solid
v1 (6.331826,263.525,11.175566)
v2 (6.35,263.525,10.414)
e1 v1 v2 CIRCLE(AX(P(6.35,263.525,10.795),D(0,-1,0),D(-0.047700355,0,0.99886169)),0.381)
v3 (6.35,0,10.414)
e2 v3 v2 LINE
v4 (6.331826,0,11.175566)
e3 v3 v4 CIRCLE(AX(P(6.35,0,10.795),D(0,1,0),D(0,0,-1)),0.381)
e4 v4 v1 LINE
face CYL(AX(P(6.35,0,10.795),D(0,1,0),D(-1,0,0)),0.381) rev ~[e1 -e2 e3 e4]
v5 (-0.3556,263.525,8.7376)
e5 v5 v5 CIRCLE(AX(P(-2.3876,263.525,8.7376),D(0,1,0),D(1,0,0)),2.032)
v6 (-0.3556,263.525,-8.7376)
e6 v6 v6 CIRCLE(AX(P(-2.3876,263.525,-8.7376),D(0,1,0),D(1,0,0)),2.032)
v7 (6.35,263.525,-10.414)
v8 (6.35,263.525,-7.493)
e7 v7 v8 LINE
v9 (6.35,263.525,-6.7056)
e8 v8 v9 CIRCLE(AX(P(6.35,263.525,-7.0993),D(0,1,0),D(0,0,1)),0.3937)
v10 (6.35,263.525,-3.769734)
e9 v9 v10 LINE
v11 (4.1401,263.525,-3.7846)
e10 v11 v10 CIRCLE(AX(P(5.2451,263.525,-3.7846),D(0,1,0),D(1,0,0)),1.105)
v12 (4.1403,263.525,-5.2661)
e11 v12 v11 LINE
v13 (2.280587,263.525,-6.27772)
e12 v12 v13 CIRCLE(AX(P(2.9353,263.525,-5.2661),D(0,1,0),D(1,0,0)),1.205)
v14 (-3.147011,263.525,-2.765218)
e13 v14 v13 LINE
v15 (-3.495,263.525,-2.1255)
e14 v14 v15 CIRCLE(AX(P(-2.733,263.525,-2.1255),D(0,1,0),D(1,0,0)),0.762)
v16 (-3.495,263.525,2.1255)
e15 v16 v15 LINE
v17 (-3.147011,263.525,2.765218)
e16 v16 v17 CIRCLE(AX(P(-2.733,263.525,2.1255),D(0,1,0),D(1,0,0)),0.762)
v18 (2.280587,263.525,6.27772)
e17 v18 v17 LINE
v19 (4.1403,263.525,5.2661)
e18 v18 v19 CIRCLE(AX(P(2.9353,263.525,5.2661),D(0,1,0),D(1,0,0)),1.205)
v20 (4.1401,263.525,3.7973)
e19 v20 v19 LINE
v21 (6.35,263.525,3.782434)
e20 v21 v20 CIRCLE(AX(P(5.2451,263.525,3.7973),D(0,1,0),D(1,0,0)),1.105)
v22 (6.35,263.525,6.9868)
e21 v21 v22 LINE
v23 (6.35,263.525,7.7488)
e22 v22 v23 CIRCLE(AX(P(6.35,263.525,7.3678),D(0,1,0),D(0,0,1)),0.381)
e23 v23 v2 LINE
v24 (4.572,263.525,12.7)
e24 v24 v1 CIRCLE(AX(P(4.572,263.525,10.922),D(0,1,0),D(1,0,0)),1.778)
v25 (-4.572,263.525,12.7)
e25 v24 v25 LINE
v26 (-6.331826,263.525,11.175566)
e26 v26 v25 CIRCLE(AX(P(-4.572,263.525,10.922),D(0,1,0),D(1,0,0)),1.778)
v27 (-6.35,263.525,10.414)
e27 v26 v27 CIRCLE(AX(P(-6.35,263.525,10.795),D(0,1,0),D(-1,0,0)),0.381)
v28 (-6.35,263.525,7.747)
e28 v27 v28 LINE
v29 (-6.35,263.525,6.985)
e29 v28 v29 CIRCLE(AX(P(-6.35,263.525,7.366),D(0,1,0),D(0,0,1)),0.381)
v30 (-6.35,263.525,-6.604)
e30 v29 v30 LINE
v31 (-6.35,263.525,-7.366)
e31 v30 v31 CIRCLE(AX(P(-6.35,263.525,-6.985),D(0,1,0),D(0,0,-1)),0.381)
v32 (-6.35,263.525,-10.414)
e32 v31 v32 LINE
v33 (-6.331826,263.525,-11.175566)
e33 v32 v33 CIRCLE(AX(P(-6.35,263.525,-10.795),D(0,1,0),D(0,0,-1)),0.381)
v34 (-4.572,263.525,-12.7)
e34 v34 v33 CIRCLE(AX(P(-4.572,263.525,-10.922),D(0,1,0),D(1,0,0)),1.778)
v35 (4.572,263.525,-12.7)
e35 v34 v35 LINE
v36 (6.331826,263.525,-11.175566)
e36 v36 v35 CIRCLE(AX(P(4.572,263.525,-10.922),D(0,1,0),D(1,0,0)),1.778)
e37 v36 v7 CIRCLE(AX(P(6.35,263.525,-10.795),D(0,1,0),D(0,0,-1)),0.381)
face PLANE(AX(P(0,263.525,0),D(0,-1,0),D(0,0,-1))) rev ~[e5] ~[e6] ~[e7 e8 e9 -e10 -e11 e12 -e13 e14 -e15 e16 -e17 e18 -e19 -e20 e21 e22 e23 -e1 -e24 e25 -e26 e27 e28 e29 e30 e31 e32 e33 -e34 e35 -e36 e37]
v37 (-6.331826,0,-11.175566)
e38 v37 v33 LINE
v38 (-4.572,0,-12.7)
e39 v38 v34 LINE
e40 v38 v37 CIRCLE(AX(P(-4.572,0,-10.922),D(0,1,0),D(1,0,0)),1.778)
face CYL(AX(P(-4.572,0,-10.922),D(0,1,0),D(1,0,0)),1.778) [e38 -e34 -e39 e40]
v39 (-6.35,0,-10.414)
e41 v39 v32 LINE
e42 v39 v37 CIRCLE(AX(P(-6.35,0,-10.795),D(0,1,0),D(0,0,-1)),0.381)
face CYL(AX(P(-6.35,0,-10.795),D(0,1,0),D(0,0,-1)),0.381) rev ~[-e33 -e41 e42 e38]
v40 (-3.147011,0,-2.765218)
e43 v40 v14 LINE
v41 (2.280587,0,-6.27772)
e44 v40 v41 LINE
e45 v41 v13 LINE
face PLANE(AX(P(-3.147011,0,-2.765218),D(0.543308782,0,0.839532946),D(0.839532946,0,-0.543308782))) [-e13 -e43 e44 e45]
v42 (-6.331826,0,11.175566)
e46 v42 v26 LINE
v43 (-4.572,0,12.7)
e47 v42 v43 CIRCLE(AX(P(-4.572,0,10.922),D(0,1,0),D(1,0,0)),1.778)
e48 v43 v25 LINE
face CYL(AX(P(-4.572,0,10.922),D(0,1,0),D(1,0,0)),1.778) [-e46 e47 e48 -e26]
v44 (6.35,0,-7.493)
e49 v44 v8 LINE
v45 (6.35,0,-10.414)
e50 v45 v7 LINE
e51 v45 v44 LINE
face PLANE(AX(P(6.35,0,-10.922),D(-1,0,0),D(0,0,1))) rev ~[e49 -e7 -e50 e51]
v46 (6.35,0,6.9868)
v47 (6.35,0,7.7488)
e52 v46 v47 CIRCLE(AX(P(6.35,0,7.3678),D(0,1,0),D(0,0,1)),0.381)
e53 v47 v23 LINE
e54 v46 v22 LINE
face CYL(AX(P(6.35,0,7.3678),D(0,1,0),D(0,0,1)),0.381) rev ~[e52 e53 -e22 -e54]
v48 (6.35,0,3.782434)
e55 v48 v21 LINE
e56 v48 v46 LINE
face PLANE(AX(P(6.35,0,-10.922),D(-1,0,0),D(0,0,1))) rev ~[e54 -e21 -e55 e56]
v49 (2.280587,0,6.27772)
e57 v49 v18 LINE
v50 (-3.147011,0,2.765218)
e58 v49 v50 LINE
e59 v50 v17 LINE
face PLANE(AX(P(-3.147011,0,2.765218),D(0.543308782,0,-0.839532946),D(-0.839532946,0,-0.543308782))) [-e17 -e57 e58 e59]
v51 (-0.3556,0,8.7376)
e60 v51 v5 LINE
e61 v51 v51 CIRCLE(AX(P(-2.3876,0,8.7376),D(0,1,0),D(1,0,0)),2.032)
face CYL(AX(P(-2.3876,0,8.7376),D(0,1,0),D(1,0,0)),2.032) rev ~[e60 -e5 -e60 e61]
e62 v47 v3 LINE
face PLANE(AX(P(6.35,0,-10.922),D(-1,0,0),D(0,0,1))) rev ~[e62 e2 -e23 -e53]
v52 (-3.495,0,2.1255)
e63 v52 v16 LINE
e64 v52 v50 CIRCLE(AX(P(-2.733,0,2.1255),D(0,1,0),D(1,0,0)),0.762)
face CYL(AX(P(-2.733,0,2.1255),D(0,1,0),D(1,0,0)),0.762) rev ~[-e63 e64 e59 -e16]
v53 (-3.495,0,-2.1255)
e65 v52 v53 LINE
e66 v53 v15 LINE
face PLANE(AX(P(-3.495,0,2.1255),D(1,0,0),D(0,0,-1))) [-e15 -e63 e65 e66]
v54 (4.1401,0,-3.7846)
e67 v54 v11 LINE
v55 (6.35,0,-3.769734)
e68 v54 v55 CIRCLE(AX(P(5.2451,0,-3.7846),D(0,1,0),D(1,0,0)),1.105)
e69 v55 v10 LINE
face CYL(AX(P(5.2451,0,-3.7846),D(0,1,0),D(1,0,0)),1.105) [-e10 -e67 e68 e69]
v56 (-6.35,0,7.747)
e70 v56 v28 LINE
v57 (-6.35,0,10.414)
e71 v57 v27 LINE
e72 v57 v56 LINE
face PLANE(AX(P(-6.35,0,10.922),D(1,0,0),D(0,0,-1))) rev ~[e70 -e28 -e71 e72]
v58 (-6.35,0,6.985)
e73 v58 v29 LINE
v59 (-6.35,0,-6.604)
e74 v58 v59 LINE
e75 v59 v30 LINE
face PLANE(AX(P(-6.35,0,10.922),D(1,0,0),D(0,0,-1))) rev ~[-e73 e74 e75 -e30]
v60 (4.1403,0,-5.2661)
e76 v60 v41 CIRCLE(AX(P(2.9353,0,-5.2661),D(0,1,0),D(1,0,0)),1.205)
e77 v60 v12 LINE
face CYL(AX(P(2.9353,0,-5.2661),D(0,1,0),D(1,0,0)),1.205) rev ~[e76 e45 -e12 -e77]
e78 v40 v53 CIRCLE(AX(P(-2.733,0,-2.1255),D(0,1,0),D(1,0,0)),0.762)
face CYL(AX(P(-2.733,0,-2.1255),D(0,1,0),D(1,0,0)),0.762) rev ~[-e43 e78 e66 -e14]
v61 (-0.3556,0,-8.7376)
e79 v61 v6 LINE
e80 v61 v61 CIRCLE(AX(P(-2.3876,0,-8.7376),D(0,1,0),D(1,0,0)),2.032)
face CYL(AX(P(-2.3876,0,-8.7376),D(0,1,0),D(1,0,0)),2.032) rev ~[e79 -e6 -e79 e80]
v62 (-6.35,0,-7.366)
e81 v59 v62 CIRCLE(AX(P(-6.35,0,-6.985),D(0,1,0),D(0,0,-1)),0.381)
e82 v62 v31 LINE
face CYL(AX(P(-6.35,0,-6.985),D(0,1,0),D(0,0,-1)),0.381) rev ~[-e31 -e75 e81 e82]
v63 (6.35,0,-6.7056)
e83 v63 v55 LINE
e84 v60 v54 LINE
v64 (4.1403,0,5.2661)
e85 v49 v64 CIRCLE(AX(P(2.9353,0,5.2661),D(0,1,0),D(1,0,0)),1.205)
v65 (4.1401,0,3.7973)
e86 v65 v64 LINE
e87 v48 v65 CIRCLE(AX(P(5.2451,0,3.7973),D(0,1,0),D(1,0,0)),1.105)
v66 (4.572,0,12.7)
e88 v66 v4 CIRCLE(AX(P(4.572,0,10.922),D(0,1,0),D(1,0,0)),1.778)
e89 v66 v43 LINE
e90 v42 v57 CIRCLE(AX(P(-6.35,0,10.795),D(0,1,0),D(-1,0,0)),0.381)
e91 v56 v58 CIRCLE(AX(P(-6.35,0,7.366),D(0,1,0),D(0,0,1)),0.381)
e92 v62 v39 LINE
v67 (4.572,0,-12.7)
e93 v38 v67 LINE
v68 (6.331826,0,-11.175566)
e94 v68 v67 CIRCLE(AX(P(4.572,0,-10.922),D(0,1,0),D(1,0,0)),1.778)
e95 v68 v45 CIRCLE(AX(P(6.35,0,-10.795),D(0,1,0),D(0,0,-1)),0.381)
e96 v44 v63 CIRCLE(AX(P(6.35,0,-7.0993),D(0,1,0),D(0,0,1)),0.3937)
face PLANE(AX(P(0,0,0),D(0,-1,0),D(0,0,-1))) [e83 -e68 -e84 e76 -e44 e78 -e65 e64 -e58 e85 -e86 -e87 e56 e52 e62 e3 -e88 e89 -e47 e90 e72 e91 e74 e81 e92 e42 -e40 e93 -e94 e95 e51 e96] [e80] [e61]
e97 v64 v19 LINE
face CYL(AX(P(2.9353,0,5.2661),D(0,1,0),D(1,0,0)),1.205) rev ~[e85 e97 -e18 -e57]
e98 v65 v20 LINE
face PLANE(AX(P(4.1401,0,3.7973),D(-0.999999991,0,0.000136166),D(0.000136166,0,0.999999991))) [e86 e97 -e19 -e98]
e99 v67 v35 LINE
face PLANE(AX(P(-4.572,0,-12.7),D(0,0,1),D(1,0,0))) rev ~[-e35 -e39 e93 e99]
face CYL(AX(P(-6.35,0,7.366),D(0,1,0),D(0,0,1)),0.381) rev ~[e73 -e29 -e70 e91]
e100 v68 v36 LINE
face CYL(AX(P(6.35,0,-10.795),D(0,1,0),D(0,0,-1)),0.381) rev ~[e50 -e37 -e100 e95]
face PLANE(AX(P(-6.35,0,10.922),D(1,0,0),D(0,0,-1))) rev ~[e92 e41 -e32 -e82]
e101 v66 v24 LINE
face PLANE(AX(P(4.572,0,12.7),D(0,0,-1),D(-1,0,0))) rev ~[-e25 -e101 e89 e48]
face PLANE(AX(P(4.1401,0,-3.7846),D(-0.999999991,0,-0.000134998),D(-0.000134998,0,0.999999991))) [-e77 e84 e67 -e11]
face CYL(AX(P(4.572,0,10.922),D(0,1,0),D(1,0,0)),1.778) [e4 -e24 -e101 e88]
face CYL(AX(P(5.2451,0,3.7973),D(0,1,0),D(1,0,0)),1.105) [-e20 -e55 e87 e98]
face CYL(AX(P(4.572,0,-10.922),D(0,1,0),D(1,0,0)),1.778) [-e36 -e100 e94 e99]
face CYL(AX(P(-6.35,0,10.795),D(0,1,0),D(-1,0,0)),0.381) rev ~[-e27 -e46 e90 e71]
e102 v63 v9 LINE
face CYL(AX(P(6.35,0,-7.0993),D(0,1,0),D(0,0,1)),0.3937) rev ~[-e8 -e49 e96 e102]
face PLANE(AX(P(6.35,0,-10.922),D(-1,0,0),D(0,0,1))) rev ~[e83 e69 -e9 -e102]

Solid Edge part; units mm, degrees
sketch "Sketch1" plane through (0, 0, 0) normal (0, 0, 1) x (1, 0, 0)
  line L0 (0, 0) -> (0, 263.525)
  dimension "D1" = 263.525
sketch "Sketch2" plane through (0, 0, 0) normal (0, -1, 0) x (1, 0, 0)
  line L0 (4.572, 12.7) -> (-4.572, 12.7)
  arc A0 (-4.572, 12.7) -> (-6.35, 10.922) centre (-4.572, 10.922) ccw
  line L1 (-6.35, 10.922) -> (-6.35, -10.922)
  arc A1 (-4.572, -12.7) -> (-6.35, -10.922) centre (-4.572, -10.922) cw
  line L2 (-4.572, -12.7) -> (4.572, -12.7)
  arc A2 (4.572, -12.7) -> (6.35, -10.922) centre (4.572, -10.922) ccw
  line L3 (6.35, -10.922) -> (6.35, 10.922)
  arc A3 (6.35, 10.922) -> (4.572, 12.7) centre (4.572, 10.922) ccw
  dimension "D1" = 12.7
  dimension "D2" = 6.35
  dimension "D3" = 12.7
  dimension "D4" = 25.4
  dimension "D5" = 1.778
sweep "SweptProtrusion1" add profiles "Sketch2" path "Sketch1"
sketch "Sketch3" plane through (0, 0, 0) normal (0, 0, 1) x (1, 0, 0)
  line L0 (0, 0) -> (0, 263.525)
  dimension "D1" = 263.525
sketch "Sketch4" plane through (-6.35, 0, 6.35) normal (0, -1, 0) x (1, 0, 0)
  circle A0 centre (3.9624, 2.3876) radius 2.032
  dimension "D1" = 4.0639
  dimension "D2" = 3.9624
  dimension "D3" = 17.4752
  dimension "D4" = 12.7
sweep "SweptCutout1" cut profiles "Sketch4" path "Sketch3"
sketch "Sketch5" plane through (0, 0, 0) normal (0, 0, 1) x (1, 0, 0)
  line L0 (0, 0) -> (0, 263.525)
  dimension "D1" = 263.525
sketch "Sketch6" plane through (-6.35, 0, 6.35) normal (0, -1, 0) x (1, 0, 0)
  circle A0 centre (3.9624, -15.0876) radius 2.032
  dimension "D1" = 4.0639
  dimension "D2" = 3.9624
  dimension "D3" = 17.4752
  dimension "D4" = 12.7
sweep "SweptCutout2" cut profiles "Sketch6" path "Sketch5"
sketch "Sketch7" plane through (0, 0, 0) normal (0, 0, 1) x (1, 0, 0)
  line L0 (0, 0) -> (0, 263.525)
  dimension "D1" = 263.525
sketch "Sketch8" plane through (0, 0, 0) normal (0, -1, 0) x (1, 0, 0)
  line L0 (4.1402, 3.7973) -> (4.1402, 5.2661)
  arc A0 (4.1402, 5.2661) -> (2.2806, 6.2777) centre (2.9353, 5.2661) ccw
  line L1 (-3.147, 2.7652) -> (2.2806, 6.2777)
  arc A1 (-3.495, 2.1255) -> (-3.147, 2.7652) centre (-2.733, 2.1255) cw
  line L2 (-3.495, 2.1255) -> (-3.495, -2.1255)
  arc A2 (-3.495, -2.1255) -> (-3.147, -2.7652) centre (-2.733, -2.1255) ccw
  line L3 (-3.147, -2.7652) -> (2.2806, -6.2777)
  arc A3 (4.1402, -5.2661) -> (2.2806, -6.2777) centre (2.9353, -5.2661) cw
  line L4 (4.1402, -3.7846) -> (4.1402, -5.2661)
  line L5 (6.35, 3.7973) -> (6.35, -3.7846)
  arc A4 (4.1402, -3.7846) -> (6.35, -3.7846) centre (5.2451, -3.7846) cw
  arc A5 (6.35, 3.7973) -> (4.1402, 3.7973) centre (5.2451, 3.7973) cw
sweep "SweptCutout3" cut profiles "Sketch8" path "Sketch7"
sketch "Sketch9" plane through (0, 0, 0) normal (0, 0, 1) x (1, 0, 0)
  line L0 (0, 0) -> (0, 263.525)
  dimension "D1" = 263.525
sketch "Sketch10" plane through (0, 0, 0) normal (0, -1, 0) x (-1, 0, 0)
  circle A0 centre (6.35, -10.795) radius 0.381
  dimension "D1" = 0.762
  dimension "D2" = 1.905
sweep "SweptCutout4" cut profiles "Sketch10" path "Sketch9"
sketch "Sketch11" plane through (0, 0, 0) normal (0, 0, 1) x (1, 0, 0)
  line L0 (0, 0) -> (0, 263.525)
  dimension "D1" = 263.525
sketch "Sketch12" plane through (0, 0, 0) normal (0, -1, 0) x (0, 0, 1)
  circle A0 centre (7.366, 6.35) radius 0.381
  dimension "D1" = 0.762
sweep "SweptCutout5" cut profiles "Sketch12" path "Sketch11"
sketch "Sketch13" plane through (0, 0, 0) normal (0, 0, 1) x (1, 0, 0)
  line L0 (0, 0) -> (0, 263.525)
  dimension "D1" = 263.525
sketch "Sketch14" plane through (0, 0, 0) normal (0, -1, 0) x (-1, 0, 0)
  circle A0 centre (-6.35, -10.795) radius 0.381
  dimension "D1" = 0.762
  dimension "D2" = 1.905
sweep "SweptCutout6" cut profiles "Sketch14" path "Sketch13"
sketch "Sketch15" plane through (0, 0, 0) normal (0, 0, 1) x (1, 0, 0)
  line L0 (0, 0) -> (0, 263.525)
  dimension "D1" = 263.525
sketch "Sketch16" plane through (0, 0, 0) normal (0, -1, 0) x (0, 0, 1)
  circle A0 centre (7.3678, -6.35) radius 0.381
  dimension "D1" = 0.762
sweep "SweptCutout7" cut profiles "Sketch16" path "Sketch15"
sketch "Sketch17" plane through (0, 0, 0) normal (0, 0, 1) x (1, 0, 0)
  line L0 (0, 0) -> (0, 263.525)
  dimension "D1" = 263.525
sketch "Sketch18" plane through (0, 0, 0) normal (0, -1, 0) x (0, 0, -1)
  circle A0 centre (10.795, -6.35) radius 0.381
  dimension "D1" = 0.762
  dimension "D2" = 1.905
sweep "SweptCutout8" cut profiles "Sketch18" path "Sketch17"
sketch "Sketch19" plane through (0, 0, 0) normal (0, 0, 1) x (1, 0, 0)
  line L0 (0, 0) -> (0, 263.525)
  dimension "D1" = 263.525
sketch "Sketch20" plane through (0.0001, 0, 0) normal (0, -1, 0) x (0, 0, -1)
  circle A0 centre (6.985, -6.3501) radius 0.381
  dimension "D1" = 0.762
  dimension "D2" = 3.81
sweep "SweptCutout9" cut profiles "Sketch20" path "Sketch19"
sketch "Sketch21" plane through (0, 0, 0) normal (0, 0, 1) x (1, 0, 0)
  line L0 (0, 0) -> (0, 263.525)
  dimension "D1" = 263.525
sketch "Sketch22" plane through (0.0001, 0, 0) normal (0, -1, 0) x (0, 0, -1)
  circle A0 centre (10.795, 6.3499) radius 0.381
  dimension "D1" = 0.762
  dimension "D2" = 1.905
sweep "SweptCutout10" cut profiles "Sketch22" path "Sketch21"
sketch "Sketch23" plane through (0, 0, 0) normal (0, 0, 1) x (1, 0, 0)
  line L0 (0, 0) -> (0, 263.525)
  dimension "D1" = 263.525
sketch "Sketch24" plane through (0.0001, 0, 0) normal (0, -1, 0) x (0, 0, 1)
  circle A0 centre (-7.0993, -6.3499) radius 0.3937
  dimension "D1" = 0.7873
  dimension "D2" = 3.6957
sweep "SweptCutout11" cut profiles "Sketch24" path "Sketch23"
